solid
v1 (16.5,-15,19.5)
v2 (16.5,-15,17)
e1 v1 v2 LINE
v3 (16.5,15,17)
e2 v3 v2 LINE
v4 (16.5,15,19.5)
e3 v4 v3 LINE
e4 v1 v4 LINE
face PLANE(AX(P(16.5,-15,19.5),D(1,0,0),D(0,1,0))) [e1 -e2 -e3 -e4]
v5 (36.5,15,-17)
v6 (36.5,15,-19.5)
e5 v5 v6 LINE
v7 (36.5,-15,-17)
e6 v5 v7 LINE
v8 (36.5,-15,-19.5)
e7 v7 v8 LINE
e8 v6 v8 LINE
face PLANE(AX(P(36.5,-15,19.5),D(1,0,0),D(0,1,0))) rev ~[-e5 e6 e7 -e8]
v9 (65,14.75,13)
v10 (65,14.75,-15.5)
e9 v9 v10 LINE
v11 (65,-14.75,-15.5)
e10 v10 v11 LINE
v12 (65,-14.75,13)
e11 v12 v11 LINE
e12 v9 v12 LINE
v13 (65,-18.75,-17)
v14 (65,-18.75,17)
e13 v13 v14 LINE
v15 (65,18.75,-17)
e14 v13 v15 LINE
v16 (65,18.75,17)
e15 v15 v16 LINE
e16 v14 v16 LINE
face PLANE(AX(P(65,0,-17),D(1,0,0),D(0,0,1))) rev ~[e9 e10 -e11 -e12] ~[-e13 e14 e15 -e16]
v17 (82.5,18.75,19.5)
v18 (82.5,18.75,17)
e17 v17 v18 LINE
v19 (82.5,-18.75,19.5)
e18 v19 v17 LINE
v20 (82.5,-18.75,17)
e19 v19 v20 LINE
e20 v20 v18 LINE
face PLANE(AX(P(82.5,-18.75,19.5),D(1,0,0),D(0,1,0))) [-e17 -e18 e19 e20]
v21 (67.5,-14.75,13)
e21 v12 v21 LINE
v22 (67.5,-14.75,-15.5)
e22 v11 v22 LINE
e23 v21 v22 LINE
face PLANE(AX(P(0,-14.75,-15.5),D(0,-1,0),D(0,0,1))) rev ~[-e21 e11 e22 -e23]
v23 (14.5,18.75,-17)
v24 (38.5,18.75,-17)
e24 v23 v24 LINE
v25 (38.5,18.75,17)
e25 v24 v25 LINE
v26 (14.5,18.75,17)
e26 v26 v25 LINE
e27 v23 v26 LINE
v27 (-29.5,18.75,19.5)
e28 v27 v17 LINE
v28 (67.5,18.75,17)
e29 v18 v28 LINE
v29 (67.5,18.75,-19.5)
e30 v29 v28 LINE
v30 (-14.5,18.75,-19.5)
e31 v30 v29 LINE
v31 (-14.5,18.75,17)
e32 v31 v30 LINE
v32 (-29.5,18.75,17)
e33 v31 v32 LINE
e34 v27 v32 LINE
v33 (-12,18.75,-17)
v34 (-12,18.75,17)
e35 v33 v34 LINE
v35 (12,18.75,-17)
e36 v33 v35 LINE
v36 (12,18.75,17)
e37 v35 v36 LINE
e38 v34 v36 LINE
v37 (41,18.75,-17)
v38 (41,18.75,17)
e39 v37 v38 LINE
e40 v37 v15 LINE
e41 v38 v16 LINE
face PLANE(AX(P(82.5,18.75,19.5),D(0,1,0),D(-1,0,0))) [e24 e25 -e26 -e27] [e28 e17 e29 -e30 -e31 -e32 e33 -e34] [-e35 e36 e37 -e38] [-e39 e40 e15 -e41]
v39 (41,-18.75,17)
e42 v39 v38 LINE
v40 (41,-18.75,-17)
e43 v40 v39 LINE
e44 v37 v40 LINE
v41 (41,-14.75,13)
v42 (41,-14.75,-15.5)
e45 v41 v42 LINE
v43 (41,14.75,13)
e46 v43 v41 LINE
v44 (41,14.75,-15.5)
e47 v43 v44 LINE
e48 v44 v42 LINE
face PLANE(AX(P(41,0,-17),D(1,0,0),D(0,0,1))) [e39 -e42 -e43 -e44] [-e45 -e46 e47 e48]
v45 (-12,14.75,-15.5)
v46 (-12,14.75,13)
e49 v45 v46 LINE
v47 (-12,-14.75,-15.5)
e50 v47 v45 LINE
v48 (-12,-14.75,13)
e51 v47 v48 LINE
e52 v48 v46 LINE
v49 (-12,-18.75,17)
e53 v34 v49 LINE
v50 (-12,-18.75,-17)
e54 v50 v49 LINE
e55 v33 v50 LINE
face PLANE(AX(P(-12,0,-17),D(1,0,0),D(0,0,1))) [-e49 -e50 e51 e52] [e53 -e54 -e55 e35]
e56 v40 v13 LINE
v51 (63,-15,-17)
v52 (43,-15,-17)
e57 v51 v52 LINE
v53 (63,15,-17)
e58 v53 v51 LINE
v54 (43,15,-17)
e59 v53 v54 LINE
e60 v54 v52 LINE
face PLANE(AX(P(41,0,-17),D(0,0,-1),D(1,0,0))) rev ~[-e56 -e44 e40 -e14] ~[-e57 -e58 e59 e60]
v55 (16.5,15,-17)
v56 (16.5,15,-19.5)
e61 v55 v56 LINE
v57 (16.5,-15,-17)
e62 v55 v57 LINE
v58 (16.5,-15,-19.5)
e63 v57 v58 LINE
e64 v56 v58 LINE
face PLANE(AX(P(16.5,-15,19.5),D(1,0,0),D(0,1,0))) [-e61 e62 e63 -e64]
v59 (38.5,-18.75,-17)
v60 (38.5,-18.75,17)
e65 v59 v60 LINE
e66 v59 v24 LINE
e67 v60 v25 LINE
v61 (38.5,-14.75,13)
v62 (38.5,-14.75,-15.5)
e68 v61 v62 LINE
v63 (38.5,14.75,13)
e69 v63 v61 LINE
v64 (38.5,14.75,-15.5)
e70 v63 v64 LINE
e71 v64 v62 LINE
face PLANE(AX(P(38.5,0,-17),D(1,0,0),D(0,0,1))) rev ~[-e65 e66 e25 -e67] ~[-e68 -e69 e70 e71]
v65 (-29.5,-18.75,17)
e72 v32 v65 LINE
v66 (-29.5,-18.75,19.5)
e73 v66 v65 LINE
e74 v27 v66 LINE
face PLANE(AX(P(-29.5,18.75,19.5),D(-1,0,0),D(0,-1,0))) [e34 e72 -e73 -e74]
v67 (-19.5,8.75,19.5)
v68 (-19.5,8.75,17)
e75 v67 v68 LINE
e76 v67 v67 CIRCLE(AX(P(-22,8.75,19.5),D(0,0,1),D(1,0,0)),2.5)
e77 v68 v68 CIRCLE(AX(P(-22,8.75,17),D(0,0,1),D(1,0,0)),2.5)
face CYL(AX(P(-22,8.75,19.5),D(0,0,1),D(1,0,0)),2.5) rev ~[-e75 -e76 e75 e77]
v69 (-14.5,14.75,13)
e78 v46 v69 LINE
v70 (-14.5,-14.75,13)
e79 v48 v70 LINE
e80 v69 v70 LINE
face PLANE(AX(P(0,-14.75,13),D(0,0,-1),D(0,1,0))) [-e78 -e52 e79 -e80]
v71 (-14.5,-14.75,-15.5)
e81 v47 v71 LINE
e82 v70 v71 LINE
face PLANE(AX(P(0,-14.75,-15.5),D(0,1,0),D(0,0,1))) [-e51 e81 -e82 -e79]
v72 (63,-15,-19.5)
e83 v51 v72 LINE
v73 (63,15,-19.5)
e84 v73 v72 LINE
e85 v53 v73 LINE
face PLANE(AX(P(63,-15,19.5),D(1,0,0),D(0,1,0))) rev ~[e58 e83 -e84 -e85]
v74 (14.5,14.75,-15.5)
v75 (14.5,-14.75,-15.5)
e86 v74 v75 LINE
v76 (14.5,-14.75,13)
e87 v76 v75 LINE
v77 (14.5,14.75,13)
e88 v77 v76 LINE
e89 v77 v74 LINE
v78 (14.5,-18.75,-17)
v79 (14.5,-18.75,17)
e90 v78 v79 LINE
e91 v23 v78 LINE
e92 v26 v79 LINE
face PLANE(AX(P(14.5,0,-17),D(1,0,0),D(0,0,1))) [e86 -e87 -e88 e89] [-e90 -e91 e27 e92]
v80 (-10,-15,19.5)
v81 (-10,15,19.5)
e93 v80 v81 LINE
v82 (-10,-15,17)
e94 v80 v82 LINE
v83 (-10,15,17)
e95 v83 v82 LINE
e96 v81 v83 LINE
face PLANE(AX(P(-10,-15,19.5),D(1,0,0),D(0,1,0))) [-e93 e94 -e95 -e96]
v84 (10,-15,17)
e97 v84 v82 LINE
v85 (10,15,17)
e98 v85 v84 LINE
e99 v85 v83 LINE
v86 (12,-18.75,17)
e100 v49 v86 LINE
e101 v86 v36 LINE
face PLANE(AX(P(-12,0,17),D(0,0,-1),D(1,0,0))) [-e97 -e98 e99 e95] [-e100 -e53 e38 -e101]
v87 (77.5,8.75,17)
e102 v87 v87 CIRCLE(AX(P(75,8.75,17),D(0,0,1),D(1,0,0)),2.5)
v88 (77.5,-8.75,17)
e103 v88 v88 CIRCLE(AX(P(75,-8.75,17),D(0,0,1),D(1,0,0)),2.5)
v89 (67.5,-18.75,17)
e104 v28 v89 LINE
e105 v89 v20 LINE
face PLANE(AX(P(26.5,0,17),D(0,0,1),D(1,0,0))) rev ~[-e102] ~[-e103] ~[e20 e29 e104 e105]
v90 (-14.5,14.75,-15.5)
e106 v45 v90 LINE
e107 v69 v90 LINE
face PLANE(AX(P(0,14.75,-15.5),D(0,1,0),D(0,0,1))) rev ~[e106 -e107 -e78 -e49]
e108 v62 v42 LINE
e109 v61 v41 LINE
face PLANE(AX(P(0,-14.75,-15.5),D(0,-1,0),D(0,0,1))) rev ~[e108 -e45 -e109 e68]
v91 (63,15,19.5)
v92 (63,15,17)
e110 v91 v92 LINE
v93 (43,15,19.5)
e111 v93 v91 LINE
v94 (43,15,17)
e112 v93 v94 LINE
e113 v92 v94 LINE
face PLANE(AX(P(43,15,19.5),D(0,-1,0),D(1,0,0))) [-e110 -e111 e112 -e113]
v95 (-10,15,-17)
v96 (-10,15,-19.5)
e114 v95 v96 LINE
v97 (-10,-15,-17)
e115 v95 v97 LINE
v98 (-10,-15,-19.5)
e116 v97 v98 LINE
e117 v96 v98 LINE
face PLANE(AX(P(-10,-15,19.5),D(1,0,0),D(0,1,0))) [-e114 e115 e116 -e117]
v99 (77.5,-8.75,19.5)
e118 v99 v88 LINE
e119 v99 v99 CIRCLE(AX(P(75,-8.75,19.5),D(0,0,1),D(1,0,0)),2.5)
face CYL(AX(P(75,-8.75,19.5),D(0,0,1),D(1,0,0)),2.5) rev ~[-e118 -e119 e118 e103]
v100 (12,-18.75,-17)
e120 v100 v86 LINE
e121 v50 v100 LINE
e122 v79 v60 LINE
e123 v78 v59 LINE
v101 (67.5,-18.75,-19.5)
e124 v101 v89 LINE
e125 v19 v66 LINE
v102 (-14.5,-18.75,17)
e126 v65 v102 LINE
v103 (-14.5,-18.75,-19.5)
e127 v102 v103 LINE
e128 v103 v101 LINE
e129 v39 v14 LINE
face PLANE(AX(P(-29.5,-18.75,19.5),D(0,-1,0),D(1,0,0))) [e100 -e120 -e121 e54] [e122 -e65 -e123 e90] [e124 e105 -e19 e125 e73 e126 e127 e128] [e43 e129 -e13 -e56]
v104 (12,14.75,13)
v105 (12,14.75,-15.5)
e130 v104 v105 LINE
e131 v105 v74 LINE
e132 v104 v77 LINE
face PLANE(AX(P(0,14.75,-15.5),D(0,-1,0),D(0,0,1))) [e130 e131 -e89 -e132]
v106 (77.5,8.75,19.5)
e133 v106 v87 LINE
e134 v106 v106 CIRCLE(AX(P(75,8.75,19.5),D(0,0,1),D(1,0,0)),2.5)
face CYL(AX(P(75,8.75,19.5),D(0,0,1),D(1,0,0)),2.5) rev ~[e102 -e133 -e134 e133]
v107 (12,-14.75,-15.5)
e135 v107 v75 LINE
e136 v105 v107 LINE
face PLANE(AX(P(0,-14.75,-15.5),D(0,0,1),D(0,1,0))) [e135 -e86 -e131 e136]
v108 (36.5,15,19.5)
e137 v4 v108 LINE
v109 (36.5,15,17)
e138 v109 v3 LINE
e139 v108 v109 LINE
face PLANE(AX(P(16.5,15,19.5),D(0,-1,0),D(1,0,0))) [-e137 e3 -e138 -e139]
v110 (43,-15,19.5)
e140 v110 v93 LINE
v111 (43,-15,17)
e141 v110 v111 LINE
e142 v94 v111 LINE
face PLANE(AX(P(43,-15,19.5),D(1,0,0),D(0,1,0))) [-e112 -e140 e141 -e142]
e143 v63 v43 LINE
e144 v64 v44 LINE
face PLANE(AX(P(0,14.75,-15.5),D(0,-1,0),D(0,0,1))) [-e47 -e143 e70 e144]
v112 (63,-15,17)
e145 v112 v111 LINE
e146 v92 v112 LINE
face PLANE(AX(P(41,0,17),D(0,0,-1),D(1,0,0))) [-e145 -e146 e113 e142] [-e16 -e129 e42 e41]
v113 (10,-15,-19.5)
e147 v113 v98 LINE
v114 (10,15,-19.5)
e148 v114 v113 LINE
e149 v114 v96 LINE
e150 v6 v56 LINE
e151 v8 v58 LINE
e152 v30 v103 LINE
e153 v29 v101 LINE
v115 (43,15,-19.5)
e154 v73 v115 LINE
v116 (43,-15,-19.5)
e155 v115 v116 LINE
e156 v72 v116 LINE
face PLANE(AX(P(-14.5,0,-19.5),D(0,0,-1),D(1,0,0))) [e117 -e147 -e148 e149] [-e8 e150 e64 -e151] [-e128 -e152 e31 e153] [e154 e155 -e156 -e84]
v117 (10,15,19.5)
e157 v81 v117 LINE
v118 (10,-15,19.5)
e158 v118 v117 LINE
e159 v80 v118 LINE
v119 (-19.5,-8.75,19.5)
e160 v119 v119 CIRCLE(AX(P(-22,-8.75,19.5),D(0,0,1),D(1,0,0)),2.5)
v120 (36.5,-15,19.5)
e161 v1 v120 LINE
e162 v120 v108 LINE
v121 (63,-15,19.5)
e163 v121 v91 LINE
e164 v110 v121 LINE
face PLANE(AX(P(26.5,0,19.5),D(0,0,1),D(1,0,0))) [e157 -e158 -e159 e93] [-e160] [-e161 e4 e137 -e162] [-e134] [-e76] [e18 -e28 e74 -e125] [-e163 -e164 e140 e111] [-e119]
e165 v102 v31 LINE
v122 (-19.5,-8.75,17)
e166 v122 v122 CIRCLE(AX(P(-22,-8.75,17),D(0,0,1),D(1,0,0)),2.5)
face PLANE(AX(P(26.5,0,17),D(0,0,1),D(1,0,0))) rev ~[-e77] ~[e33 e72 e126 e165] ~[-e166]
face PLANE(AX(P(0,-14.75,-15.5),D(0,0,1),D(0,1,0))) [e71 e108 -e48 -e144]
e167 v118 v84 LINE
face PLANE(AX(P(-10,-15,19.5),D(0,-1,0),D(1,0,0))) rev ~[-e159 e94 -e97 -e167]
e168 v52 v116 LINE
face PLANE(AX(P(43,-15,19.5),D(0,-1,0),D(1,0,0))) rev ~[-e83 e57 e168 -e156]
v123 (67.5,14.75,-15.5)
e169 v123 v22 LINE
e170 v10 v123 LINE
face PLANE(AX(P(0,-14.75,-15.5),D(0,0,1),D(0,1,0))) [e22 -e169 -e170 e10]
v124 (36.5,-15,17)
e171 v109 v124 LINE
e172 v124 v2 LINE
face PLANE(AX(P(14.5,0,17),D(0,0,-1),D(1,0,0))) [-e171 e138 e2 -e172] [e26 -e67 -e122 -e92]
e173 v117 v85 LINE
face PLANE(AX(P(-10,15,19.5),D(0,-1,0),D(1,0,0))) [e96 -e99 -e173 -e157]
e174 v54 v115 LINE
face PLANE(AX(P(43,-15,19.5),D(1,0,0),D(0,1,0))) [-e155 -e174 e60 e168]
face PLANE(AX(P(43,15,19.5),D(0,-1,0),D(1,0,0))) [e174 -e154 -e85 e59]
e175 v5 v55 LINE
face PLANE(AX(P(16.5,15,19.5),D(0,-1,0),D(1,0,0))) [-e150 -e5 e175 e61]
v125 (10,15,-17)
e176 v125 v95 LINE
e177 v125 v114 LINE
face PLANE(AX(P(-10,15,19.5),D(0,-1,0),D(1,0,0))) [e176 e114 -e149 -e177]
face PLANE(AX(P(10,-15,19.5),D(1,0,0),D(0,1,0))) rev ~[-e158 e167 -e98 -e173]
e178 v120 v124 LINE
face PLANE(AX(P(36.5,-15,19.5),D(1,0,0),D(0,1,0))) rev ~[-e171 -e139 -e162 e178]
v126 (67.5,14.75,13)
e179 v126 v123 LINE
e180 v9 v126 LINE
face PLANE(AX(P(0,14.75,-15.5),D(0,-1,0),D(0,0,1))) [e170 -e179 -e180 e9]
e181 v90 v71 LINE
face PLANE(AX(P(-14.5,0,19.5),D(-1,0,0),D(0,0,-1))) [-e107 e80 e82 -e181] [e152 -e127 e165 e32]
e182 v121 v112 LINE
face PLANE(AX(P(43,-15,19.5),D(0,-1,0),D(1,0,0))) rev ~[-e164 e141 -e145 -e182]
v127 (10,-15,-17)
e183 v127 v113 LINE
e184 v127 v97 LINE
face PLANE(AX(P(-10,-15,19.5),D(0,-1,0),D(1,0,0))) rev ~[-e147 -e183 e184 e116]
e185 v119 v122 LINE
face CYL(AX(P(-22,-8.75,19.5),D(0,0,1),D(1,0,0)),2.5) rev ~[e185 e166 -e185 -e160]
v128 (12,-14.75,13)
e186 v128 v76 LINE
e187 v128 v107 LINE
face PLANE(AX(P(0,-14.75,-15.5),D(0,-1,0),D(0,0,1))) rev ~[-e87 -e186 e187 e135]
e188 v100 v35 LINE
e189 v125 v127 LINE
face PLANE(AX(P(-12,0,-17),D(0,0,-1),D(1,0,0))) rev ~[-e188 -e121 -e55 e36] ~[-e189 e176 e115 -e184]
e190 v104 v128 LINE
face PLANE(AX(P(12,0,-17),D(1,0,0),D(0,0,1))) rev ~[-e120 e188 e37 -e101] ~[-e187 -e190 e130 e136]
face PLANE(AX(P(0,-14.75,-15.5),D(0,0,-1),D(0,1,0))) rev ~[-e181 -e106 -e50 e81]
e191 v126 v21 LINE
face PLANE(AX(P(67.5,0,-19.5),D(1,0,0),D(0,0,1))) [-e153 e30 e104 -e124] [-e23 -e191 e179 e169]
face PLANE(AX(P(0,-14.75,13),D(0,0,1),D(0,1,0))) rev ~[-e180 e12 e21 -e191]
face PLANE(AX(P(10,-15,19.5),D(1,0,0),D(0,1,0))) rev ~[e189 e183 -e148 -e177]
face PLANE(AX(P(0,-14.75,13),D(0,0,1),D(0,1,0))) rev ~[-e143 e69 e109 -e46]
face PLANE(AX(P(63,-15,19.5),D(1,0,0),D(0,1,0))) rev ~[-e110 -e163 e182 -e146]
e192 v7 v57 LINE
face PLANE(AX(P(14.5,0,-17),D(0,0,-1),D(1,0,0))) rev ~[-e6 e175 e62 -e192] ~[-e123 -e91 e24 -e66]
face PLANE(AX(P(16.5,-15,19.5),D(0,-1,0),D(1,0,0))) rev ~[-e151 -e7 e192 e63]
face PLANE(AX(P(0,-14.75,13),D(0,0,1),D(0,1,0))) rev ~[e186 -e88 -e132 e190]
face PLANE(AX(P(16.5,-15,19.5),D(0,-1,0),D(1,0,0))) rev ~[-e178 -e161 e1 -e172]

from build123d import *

# Parameters (mm, degrees)
F0_W          = 24
F0_H          = 34
F1_DEPTH      = 18.75
F1_DEPTH_BACK = 18.75
F2_R          = 2.5
F2_W          = 20
F2_H          = 30
F3_DEPTH      = 2.5
F4_DEPTH      = 60
F5_W          = 29.5
F5_H          = 28.5
F6_DEPTH      = 76.15809
F6_DEPTH_BACK = 25


with BuildPart() as f1:
    # F0 (on Front) → F1 (new body, two sides)
    with BuildSketch(Plane.XZ) as f1_sk:
        Polygon((14.5, 19.5), (-14.5, 19.5), (-14.5, -19.5), (14.5, -19.5), (43.5, -19.5), (67.5, -19.5), (67.5, 19.5), (43.5, 19.5), align=None)
        Rectangle(F0_W, F0_H, mode=Mode.SUBTRACT)
        with Locations((26.5, 0)):
            Rectangle(F0_W, F0_H, mode=Mode.SUBTRACT)
        with Locations((53, 0)):
            Rectangle(F0_W, F0_H, mode=Mode.SUBTRACT)
    extrude(amount=F1_DEPTH)
    extrude(f1_sk.sketch, amount=-F1_DEPTH_BACK)

    # F2 (on face) → F3 (join)
    with BuildSketch(Plane.XY.offset(19.5)):
        Polygon((-29.5, 18.75), (-29.5, -18.75), (82.5, -18.75), (82.5, 18.75), (-14.5, 18.75), align=None)
        with Locations((-22, -8.75)):
            Circle(F2_R, mode=Mode.SUBTRACT)
        with Locations((75, -8.75)):
            Circle(F2_R, mode=Mode.SUBTRACT)
        with Locations((-22, 8.75)):
            Circle(F2_R, mode=Mode.SUBTRACT)
        Rectangle(F2_W, F2_H, mode=Mode.SUBTRACT)
        with Locations((26.5, 0)):
            Rectangle(F2_W, F2_H, mode=Mode.SUBTRACT)
        with Locations((53, 0)):
            Rectangle(F2_W, F2_H, mode=Mode.SUBTRACT)
        with Locations((75, 8.75)):
            Circle(F2_R, mode=Mode.SUBTRACT)
    extrude(amount=-F3_DEPTH)

    # F2 (on face) → F4 (cut)
    with BuildSketch(Plane.XY.offset(19.5)):
        Rectangle(F2_W, F2_H)
        with Locations((53, 0)):
            Rectangle(F2_W, F2_H)
        with Locations((26.5, 0)):
            Rectangle(F2_W, F2_H)
    extrude(amount=-F4_DEPTH, mode=Mode.SUBTRACT)

    # F5 (on Right) → F6 (cut, two sides)
    with BuildSketch(Plane.YZ) as f6_sk:
        with Locations((0, -1.25)):
            Rectangle(F5_W, F5_H)
    extrude(amount=F6_DEPTH, mode=Mode.SUBTRACT)
    extrude(f6_sk.sketch, amount=-F6_DEPTH_BACK, mode=Mode.SUBTRACT)


solid = f1.part
